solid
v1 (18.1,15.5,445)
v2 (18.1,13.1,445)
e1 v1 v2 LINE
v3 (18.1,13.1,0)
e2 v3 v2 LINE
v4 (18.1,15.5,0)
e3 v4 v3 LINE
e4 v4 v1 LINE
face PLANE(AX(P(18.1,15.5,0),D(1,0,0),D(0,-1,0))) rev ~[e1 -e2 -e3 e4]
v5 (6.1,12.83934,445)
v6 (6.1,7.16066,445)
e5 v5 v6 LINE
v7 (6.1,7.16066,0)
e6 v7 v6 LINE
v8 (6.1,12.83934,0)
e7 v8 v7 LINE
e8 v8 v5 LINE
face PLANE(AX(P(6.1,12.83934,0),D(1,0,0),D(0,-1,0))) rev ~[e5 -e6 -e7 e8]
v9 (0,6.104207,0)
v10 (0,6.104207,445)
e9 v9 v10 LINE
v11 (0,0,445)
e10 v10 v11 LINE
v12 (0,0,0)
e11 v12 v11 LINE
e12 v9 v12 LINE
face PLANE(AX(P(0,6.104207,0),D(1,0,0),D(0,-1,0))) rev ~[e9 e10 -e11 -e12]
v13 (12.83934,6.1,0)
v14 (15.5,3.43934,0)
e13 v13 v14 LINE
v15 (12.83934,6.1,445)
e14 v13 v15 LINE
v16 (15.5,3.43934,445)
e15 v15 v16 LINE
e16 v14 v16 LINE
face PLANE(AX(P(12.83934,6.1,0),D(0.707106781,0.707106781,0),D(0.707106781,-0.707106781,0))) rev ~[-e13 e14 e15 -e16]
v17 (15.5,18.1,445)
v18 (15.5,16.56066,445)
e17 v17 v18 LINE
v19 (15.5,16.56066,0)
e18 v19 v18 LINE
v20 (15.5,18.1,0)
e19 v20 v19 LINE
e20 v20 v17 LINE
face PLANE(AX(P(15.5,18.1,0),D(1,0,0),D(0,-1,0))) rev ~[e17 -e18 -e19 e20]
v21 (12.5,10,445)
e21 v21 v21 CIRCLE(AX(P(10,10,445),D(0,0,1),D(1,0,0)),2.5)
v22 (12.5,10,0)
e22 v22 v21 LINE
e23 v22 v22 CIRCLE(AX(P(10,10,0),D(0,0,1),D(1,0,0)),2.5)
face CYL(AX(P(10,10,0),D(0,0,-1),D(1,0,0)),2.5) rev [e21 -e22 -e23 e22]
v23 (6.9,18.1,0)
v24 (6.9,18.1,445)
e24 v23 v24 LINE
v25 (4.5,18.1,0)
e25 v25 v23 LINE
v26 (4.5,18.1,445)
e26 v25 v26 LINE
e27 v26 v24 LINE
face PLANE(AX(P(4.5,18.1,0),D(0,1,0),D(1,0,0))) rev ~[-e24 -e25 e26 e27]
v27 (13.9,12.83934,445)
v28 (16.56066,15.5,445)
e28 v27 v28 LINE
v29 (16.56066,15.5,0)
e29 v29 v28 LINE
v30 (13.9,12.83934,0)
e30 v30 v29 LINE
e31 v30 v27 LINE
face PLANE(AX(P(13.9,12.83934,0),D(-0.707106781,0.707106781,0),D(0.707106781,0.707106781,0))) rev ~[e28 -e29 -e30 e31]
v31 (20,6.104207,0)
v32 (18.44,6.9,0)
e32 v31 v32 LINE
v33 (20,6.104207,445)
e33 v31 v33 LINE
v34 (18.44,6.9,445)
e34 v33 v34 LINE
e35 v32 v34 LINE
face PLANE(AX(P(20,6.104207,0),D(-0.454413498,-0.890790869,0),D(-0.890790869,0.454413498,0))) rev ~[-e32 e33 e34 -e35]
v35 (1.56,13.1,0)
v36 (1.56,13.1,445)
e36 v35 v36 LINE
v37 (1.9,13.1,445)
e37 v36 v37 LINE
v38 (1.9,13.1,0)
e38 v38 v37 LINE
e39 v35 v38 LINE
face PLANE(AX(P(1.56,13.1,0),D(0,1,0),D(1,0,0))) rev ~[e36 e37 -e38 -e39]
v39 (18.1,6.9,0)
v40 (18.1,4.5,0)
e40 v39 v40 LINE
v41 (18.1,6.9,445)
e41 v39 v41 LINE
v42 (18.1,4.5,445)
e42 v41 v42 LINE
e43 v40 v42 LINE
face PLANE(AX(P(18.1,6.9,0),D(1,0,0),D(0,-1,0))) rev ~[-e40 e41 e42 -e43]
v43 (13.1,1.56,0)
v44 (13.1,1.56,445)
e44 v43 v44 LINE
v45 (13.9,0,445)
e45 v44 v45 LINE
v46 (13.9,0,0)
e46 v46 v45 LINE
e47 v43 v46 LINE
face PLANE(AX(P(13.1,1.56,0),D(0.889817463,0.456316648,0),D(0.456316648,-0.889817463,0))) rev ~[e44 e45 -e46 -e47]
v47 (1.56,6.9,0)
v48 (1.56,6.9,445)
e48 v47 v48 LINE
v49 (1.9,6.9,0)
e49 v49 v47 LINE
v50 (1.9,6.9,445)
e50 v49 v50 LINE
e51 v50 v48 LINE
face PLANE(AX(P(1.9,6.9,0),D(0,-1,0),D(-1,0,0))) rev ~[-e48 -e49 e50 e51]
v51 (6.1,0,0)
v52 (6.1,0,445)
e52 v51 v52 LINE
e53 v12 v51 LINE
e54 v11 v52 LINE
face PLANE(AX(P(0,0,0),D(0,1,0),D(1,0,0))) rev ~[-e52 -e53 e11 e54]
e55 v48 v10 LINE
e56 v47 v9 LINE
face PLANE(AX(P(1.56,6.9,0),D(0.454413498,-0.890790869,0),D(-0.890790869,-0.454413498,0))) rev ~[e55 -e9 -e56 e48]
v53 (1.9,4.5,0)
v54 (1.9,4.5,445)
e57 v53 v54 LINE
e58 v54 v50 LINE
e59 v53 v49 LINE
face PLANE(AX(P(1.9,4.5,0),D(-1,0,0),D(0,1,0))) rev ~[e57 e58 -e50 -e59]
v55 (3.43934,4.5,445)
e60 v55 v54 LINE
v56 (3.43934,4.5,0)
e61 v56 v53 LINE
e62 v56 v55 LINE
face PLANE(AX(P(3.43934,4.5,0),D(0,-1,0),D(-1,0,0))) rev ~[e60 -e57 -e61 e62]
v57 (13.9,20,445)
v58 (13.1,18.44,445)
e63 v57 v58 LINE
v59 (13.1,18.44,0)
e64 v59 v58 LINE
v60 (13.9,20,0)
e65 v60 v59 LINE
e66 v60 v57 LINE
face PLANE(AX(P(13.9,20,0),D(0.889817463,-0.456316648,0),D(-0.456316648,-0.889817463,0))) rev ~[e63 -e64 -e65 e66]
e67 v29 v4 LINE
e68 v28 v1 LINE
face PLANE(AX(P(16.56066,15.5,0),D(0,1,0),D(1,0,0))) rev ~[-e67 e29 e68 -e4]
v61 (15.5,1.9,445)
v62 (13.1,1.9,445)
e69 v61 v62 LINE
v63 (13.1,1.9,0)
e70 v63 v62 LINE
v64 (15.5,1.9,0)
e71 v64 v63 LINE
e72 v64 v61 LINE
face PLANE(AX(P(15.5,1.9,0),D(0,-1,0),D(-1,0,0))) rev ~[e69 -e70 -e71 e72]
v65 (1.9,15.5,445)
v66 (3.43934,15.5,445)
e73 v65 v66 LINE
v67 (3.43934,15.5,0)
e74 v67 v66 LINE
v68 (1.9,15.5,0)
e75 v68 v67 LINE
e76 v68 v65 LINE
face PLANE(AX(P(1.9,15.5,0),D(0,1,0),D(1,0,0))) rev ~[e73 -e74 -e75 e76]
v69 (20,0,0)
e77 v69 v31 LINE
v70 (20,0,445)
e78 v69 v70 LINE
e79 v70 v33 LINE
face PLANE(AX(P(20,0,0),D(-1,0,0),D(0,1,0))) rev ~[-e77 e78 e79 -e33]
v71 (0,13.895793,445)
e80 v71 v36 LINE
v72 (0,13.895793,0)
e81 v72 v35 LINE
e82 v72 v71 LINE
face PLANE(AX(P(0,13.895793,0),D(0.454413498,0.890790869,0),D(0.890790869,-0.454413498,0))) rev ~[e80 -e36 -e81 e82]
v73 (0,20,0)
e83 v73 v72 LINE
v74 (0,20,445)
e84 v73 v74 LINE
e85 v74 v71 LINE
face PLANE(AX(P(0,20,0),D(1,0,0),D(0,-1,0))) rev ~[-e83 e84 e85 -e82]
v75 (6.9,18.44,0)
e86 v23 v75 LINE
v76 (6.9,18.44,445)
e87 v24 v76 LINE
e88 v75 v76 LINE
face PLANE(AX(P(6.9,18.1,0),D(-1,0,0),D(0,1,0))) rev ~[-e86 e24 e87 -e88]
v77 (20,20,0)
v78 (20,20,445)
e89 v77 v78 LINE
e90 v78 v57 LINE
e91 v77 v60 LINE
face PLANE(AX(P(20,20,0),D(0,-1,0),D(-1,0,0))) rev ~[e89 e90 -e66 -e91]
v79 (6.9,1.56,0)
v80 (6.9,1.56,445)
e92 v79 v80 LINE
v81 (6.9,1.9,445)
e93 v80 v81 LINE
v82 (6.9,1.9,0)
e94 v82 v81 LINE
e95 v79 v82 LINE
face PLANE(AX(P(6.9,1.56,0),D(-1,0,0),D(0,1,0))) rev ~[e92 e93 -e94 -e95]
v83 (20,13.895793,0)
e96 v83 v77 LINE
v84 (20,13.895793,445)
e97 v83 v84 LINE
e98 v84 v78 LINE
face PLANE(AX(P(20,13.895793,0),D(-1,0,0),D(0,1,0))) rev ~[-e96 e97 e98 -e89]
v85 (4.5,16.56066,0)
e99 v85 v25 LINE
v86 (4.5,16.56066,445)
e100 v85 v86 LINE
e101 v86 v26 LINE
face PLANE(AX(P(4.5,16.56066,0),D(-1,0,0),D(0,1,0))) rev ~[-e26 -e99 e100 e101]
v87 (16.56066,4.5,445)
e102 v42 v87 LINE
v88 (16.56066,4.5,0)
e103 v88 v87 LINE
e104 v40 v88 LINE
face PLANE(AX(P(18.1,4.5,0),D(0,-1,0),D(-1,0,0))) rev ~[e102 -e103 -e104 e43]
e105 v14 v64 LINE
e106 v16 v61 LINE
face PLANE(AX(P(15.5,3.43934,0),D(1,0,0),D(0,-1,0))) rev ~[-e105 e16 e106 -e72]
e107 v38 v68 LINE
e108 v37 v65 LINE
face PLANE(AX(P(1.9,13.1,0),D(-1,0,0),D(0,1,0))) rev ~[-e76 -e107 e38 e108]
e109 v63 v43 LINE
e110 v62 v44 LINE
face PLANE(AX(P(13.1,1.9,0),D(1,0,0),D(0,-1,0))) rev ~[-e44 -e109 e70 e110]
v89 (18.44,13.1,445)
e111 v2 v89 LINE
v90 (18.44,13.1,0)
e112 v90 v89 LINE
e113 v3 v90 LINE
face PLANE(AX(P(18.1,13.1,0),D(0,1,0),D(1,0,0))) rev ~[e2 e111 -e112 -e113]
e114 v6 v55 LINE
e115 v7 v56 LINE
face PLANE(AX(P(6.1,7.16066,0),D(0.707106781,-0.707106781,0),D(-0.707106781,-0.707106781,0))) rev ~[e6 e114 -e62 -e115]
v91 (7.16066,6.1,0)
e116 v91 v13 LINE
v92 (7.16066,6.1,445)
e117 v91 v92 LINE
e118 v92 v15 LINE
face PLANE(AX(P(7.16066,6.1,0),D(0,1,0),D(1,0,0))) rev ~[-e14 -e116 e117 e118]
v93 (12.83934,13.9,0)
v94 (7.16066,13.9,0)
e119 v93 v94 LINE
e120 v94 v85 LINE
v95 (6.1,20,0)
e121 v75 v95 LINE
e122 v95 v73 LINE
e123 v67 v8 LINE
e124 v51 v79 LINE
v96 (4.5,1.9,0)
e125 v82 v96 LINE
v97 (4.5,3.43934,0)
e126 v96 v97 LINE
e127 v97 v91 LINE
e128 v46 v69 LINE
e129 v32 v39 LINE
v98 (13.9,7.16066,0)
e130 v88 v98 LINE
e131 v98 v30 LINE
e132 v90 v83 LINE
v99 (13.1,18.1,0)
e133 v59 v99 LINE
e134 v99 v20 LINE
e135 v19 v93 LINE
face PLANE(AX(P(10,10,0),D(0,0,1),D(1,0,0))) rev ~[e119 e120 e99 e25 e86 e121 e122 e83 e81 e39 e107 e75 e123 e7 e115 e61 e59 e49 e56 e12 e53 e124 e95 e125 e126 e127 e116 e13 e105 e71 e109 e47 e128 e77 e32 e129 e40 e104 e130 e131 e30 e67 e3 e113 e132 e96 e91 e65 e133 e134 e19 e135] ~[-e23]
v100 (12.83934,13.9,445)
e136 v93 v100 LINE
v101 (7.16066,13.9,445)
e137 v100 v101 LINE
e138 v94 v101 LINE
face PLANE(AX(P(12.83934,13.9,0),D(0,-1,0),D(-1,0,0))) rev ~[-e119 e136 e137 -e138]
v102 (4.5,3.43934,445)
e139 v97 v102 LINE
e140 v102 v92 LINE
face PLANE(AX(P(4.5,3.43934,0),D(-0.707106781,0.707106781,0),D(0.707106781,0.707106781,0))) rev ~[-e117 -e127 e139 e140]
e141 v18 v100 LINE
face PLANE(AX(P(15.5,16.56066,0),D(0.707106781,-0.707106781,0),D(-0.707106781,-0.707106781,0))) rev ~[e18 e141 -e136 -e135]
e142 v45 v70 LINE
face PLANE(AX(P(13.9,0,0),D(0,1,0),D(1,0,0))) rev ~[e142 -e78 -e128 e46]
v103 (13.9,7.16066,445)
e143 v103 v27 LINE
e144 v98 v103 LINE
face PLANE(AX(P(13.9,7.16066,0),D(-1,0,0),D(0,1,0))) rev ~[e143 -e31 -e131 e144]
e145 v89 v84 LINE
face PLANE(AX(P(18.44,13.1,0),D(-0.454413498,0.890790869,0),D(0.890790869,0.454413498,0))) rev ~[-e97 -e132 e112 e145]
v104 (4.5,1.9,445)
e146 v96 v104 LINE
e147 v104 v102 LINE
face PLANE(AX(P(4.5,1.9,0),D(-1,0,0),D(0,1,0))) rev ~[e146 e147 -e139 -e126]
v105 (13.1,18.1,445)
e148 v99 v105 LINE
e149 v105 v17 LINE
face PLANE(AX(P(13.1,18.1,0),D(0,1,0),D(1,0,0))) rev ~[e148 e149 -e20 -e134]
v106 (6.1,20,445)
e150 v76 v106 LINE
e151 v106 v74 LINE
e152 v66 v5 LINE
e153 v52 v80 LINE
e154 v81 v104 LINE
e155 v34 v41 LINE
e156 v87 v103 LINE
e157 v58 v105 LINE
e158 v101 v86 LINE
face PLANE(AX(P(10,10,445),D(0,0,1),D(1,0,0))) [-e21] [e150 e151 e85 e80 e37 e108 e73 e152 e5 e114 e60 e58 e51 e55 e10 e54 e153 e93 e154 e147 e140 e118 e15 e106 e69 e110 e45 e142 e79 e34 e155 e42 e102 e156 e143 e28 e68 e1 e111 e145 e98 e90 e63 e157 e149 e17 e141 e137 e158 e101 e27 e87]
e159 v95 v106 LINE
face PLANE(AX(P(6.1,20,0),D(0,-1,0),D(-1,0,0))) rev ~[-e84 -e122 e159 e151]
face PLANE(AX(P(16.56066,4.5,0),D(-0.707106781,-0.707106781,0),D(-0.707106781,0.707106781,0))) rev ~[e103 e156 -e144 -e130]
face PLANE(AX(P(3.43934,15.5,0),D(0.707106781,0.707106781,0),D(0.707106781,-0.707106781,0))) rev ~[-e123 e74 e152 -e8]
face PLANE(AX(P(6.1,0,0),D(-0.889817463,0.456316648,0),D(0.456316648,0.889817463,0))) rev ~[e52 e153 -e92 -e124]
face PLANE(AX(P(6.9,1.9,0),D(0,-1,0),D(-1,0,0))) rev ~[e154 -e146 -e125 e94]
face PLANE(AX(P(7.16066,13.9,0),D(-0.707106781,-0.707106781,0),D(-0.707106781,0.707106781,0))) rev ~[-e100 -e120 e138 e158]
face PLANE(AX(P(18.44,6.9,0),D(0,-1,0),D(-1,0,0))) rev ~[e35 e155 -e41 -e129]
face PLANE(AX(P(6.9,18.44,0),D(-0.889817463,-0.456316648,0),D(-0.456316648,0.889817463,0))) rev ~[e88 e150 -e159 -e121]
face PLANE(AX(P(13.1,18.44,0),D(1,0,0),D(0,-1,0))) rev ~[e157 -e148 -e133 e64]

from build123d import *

# Parameters (mm, degrees)
SKETCH1_R           = 2.5
BOSS_EXTRUDE1_DEPTH = 445


with BuildPart() as part:
    # Sketch1 → Boss-Extrude1 (new body)
    with BuildSketch(Plane.XY):
        Polygon((6.1, 20), (0, 20), (0, 13.895792909), (1.56, 13.1), (1.9, 13.1), (1.9, 15.5), (3.439339828, 15.5), (6.1, 12.839339828), (6.1, 7.160660172), (3.439339828, 4.5), (1.9, 4.5), (1.9, 6.9), (1.56, 6.9), (0, 6.104207091), (0, 0), (6.1, 0), (6.9, 1.56), (6.9, 1.9), (4.5, 1.9), (4.5, 3.439339828), (7.160660172, 6.1), (12.839339828, 6.1), (15.5, 3.439339828), (15.5, 1.9), (13.1, 1.9), (13.1, 1.56), (13.9, 0), (20, 0), (20, 6.104207091), (18.44, 6.9), (18.1, 6.9), (18.1, 4.5), (16.560660172, 4.5), (13.9, 7.160660172), (13.9, 12.839339828), (16.560660172, 15.5), (18.1, 15.5), (18.1, 13.1), (18.44, 13.1), (20, 13.895792909), (20, 20), (13.9, 20), (13.1, 18.44), (13.1, 18.1), (15.5, 18.1), (15.5, 16.560660172), (12.839339828, 13.9), (7.160660172, 13.9), (4.5, 16.560660172), (4.5, 18.1), (6.9, 18.1), (6.9, 18.44), align=None)
        with Locations((10, 10)):
            Circle(SKETCH1_R, mode=Mode.SUBTRACT)
    extrude(amount=BOSS_EXTRUDE1_DEPTH)


solid = part.part
